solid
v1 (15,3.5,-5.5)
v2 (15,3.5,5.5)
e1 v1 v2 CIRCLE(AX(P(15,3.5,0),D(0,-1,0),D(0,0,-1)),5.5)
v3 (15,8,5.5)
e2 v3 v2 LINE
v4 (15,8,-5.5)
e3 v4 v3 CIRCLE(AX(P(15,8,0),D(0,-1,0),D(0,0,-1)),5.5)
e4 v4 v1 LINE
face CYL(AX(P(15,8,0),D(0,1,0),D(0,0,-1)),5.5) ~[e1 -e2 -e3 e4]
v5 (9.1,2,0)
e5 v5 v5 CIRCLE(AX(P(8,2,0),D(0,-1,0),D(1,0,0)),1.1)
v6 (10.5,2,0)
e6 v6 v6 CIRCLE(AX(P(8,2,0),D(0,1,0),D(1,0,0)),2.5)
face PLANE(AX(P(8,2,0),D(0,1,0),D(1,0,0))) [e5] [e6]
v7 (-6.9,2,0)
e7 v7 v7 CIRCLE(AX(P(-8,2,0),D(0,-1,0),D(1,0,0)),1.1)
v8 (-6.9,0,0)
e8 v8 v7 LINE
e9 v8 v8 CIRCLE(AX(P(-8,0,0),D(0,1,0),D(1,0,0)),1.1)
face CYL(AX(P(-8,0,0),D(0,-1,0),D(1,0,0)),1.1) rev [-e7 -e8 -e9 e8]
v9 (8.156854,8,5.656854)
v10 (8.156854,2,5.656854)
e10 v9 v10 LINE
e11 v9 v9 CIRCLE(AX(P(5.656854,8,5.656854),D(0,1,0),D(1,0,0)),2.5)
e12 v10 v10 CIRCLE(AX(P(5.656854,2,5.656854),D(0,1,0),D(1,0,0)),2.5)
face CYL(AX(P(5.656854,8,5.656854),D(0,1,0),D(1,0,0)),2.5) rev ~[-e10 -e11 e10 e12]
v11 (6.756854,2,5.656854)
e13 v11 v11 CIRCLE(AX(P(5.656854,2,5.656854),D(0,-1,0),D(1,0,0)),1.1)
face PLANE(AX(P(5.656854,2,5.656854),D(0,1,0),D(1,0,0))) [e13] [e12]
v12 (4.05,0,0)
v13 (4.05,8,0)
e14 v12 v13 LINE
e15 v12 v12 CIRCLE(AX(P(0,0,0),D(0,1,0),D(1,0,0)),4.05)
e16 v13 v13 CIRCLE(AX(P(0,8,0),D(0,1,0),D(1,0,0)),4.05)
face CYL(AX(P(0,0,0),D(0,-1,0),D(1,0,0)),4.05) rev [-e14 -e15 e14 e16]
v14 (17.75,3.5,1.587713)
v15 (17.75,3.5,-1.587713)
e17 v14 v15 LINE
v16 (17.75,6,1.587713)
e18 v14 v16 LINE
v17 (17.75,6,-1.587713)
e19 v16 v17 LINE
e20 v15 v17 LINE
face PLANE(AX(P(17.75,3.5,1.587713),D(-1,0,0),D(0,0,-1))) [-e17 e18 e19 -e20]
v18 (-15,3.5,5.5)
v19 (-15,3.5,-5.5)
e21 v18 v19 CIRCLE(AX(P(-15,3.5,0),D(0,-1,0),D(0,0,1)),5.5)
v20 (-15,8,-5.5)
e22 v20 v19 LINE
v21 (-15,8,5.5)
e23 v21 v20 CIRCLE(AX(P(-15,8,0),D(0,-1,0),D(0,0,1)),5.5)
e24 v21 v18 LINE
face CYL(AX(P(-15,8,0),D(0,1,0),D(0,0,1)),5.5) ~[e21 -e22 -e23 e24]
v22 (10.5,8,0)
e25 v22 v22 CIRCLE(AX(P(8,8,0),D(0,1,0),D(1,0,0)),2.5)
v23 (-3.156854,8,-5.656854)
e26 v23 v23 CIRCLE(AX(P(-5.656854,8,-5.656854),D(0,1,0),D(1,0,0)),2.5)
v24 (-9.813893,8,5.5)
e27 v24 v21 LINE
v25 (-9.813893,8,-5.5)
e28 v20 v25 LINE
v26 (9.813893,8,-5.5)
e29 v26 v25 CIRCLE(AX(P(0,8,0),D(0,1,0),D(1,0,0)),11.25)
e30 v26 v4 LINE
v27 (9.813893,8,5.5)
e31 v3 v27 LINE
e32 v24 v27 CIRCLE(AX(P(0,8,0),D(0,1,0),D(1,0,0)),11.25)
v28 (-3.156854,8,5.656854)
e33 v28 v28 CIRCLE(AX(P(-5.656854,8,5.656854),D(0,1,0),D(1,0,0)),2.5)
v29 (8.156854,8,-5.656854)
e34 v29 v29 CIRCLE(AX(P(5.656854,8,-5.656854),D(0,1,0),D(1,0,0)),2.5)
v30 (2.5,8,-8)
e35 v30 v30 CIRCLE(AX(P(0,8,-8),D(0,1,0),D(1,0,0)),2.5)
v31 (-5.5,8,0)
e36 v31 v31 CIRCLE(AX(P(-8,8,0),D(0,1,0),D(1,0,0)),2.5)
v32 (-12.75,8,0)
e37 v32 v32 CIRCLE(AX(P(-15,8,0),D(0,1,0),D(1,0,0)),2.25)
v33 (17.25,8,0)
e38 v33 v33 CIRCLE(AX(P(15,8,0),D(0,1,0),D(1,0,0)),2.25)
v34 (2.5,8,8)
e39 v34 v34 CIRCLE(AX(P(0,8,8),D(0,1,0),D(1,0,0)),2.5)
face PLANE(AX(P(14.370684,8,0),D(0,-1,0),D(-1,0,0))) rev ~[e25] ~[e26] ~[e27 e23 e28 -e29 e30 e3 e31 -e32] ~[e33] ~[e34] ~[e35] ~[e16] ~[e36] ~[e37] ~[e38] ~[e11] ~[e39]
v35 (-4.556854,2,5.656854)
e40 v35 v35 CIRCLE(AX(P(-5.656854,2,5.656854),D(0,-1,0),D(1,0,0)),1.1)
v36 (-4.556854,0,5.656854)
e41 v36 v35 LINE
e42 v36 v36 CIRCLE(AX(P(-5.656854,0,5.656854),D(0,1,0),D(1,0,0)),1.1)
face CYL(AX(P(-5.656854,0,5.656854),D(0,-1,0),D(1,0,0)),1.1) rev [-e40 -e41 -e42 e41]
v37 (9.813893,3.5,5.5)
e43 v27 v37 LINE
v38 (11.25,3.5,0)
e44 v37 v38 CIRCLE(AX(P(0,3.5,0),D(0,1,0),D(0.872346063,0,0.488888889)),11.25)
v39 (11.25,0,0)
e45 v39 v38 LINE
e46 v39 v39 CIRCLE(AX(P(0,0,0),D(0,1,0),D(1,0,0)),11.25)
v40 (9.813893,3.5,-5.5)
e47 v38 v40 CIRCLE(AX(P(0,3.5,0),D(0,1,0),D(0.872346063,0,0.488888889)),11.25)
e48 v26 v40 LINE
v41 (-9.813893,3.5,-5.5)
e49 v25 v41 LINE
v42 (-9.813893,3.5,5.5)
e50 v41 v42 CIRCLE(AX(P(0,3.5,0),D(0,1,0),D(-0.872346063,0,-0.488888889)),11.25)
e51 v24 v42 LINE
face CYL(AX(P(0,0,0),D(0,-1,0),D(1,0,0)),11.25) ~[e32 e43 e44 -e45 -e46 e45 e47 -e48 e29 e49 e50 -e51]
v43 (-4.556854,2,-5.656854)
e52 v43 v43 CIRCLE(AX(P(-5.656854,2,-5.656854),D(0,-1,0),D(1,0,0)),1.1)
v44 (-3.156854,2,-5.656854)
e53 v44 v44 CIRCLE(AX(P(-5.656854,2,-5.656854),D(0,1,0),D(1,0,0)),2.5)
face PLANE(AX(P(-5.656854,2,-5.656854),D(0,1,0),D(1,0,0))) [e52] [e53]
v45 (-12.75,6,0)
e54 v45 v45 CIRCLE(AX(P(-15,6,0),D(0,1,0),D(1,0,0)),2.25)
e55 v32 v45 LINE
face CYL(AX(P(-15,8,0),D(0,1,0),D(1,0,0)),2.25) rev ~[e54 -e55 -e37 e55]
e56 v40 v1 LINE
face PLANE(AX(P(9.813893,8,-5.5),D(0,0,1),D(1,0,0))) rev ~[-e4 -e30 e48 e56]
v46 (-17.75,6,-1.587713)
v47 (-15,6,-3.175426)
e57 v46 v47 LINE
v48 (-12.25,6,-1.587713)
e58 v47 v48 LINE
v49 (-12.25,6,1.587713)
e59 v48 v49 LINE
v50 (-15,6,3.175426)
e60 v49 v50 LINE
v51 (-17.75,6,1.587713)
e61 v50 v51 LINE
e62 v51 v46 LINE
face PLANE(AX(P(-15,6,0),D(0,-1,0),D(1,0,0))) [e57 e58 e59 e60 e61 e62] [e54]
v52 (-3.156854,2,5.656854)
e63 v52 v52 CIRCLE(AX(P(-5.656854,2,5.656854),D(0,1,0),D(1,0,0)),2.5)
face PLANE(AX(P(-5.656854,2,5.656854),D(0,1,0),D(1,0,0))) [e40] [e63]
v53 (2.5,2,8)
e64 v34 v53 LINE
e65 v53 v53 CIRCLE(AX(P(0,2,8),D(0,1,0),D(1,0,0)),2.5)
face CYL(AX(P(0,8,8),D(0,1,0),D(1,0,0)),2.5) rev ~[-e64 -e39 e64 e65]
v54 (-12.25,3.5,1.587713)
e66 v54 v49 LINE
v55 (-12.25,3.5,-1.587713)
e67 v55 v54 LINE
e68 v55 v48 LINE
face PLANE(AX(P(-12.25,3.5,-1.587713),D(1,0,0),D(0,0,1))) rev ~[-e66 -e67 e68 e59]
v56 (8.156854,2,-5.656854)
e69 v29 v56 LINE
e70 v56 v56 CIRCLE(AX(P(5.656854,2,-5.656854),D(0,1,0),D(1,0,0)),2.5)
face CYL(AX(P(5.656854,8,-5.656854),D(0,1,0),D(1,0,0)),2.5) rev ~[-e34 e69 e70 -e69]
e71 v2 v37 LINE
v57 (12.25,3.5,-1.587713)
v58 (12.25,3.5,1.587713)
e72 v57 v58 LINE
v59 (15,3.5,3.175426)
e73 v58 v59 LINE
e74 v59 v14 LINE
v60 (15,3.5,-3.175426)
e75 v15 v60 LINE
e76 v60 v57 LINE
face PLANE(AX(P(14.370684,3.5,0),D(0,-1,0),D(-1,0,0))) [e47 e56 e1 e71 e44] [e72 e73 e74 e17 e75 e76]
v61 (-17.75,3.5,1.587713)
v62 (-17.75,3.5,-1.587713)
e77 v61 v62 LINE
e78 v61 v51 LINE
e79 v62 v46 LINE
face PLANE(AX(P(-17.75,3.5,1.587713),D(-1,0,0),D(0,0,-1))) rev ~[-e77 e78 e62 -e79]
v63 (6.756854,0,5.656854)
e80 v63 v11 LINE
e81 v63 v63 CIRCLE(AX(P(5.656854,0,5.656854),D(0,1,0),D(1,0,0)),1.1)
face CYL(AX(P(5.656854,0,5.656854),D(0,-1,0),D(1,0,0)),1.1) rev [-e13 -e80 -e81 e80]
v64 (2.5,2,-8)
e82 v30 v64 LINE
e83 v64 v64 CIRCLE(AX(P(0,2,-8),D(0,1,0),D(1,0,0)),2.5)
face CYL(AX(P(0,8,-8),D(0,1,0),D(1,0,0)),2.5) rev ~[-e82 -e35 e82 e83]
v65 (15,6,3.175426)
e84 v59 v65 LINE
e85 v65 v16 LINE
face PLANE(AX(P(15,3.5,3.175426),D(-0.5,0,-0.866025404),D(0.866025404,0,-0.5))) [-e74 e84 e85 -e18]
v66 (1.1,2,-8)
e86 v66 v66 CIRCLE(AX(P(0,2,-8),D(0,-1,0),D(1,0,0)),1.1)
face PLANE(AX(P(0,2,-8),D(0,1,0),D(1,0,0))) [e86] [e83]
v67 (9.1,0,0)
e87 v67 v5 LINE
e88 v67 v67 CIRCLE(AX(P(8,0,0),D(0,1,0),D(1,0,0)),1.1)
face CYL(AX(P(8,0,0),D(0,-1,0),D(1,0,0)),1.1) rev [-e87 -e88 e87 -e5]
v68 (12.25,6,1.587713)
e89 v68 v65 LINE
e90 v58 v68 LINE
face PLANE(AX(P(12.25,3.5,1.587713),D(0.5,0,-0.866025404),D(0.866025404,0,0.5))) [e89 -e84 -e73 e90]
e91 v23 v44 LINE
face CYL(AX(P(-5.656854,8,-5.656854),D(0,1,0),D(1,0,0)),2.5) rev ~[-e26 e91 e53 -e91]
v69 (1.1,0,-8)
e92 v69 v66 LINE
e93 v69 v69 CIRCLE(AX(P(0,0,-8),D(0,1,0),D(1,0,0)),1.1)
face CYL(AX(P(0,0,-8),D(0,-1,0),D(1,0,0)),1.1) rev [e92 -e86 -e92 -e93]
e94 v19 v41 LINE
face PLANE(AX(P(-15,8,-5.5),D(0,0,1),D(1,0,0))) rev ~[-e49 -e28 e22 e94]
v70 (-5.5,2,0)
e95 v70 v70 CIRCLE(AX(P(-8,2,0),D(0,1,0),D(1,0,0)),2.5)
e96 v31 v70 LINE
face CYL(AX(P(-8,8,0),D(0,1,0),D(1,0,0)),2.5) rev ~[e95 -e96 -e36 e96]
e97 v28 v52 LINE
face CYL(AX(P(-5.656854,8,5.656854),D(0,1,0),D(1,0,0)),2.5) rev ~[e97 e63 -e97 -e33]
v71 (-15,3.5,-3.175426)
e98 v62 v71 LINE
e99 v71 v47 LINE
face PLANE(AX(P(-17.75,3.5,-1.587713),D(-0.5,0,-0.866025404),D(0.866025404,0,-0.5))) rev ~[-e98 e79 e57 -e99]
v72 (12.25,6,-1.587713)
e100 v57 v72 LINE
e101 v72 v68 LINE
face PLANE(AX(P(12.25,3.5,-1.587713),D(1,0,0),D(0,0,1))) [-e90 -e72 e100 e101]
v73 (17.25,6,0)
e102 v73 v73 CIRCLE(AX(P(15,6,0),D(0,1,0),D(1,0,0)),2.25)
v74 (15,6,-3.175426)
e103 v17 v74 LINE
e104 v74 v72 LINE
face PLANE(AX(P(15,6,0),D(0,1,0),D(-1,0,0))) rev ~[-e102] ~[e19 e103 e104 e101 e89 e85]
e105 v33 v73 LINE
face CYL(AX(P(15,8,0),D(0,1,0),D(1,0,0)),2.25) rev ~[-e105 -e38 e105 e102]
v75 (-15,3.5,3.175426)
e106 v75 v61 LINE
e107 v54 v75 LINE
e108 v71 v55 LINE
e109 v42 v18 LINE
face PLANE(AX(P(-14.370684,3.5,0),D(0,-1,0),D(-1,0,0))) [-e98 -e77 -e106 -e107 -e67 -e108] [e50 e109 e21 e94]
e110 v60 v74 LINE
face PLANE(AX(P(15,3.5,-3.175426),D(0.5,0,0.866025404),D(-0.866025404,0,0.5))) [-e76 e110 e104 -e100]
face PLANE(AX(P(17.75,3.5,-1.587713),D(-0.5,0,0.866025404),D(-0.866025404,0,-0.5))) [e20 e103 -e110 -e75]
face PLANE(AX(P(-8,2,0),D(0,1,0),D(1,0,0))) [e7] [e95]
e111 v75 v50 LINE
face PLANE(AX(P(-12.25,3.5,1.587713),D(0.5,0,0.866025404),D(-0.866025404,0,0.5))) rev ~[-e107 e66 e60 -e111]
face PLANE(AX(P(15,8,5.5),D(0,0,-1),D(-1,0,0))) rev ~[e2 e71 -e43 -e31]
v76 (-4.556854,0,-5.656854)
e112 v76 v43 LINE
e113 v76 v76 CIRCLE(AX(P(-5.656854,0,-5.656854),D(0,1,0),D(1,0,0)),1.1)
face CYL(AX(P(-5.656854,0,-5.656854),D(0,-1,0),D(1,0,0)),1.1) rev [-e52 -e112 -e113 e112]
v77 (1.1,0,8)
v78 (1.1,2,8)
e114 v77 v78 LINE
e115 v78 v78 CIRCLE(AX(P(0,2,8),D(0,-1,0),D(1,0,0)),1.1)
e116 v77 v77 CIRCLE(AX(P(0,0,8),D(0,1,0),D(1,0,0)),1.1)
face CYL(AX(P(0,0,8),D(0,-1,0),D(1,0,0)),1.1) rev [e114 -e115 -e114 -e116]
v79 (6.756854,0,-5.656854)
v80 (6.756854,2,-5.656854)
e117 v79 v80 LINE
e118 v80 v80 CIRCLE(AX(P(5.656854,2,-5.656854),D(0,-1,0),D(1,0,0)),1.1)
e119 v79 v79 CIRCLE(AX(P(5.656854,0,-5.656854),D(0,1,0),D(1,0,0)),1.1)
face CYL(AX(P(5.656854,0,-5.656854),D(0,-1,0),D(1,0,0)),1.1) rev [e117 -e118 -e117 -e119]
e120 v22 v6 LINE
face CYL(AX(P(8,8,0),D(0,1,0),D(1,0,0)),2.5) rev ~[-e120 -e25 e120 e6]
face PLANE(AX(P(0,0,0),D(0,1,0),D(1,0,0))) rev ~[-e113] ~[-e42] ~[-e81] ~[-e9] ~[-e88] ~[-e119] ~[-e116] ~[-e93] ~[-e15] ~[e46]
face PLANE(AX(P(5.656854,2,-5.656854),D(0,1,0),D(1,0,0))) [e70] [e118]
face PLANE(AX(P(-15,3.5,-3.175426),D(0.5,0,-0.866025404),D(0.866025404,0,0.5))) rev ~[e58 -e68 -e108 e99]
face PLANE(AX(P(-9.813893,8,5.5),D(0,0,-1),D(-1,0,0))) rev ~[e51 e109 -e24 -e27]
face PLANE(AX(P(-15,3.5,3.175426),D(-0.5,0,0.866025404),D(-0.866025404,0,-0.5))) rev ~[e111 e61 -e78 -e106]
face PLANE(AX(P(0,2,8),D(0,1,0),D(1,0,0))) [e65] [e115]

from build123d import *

# Parameters (mm, degrees)
SKETCH1_R           = 11.25
SKETCH1_R_2         = 1.1
SKETCH1_R_3         = 4.05
BOSS_EXTRUDE1_DEPTH = 8
SKETCH2_R           = 2.5
CUT_EXTRUDE1_DEPTH  = 6
SKETCH3_R           = 2.25
BOSS_EXTRUDE2_DEPTH = 4.5
CUT_EXTRUDE2_DEPTH  = 2.5


with BuildPart() as part:
    # Sketch1 → Boss-Extrude1 (new body)
    with BuildSketch(Plane(origin=(0, 0, 0), x_dir=(1, 0, 0), z_dir=(0, 1, 0))):
        Circle(SKETCH1_R)
        with Locations((0, 8)):
            Circle(SKETCH1_R_2, mode=Mode.SUBTRACT)
        with Locations((5.656854249, 5.656854249)):
            Circle(SKETCH1_R_2, mode=Mode.SUBTRACT)
        with Locations((8, 0)):
            Circle(SKETCH1_R_2, mode=Mode.SUBTRACT)
        with Locations((5.656854249, -5.656854249)):
            Circle(SKETCH1_R_2, mode=Mode.SUBTRACT)
        with Locations((0, -8)):
            Circle(SKETCH1_R_2, mode=Mode.SUBTRACT)
        with Locations((-5.656854249, -5.656854249)):
            Circle(SKETCH1_R_2, mode=Mode.SUBTRACT)
        with Locations((-8, 0)):
            Circle(SKETCH1_R_2, mode=Mode.SUBTRACT)
        with Locations((-5.656854249, 5.656854249)):
            Circle(SKETCH1_R_2, mode=Mode.SUBTRACT)
        Circle(SKETCH1_R_3, mode=Mode.SUBTRACT)
    extrude(amount=BOSS_EXTRUDE1_DEPTH)

    # Sketch2 → Cut-Extrude1 (cut)
    with BuildSketch(Plane(origin=(0, 8, 0), x_dir=(1, 0, 0), z_dir=(0, 1, 0))):
        with Locations((0, 8)):
            Circle(SKETCH2_R)
        with Locations((5.656854249, 5.656854249)):
            Circle(SKETCH2_R)
        with Locations((8, 0)):
            Circle(SKETCH2_R)
        with Locations((5.656854249, -5.656854249)):
            Circle(SKETCH2_R)
        with Locations((0, -8)):
            Circle(SKETCH2_R)
        with Locations((-5.656854249, -5.656854249)):
            Circle(SKETCH2_R)
        with Locations((-8, 0)):
            Circle(SKETCH2_R)
        with Locations((-5.656854249, 5.656854249)):
            Circle(SKETCH2_R)
    extrude(amount=-CUT_EXTRUDE1_DEPTH, mode=Mode.SUBTRACT)

    # Sketch3 → Boss-Extrude2 (add)
    with BuildSketch(Plane(origin=(0, 8, 0), x_dir=(1, 0, 0), z_dir=(0, 1, 0))):
        with BuildLine():
            Line((-15, 5.5), (-9.813893213, 5.5))
            ThreePointArc((-9.813893213, 5.5), (-11.25, 0), (-9.813893213, -5.5))
            Line((-9.813893213, -5.5), (-15, -5.5))
            ThreePointArc((-15, -5.5), (-20.5, 0), (-15, 5.5))
        make_face()
        with Locations((-15, 0)):
            Circle(SKETCH3_R, mode=Mode.SUBTRACT)
        with BuildLine():
            Line((9.813893213, 5.5), (15, 5.5))
            ThreePointArc((15, 5.5), (20.5, 0), (15, -5.5))
            Line((15, -5.5), (9.813893213, -5.5))
            ThreePointArc((9.813893213, -5.5), (11.25, 0), (9.813893213, 5.5))
        make_face()
        with Locations((15, 0)):
            Circle(SKETCH3_R, mode=Mode.SUBTRACT)
    extrude(amount=-BOSS_EXTRUDE2_DEPTH)

    # Sketch4 → Cut-Extrude2 (cut)
    with BuildSketch(Plane.XZ.offset(-3.5)):
        Polygon((-15, 3.175426481), (-17.75, 1.58771324), (-17.75, -1.58771324), (-15, -3.175426481), (-12.25, -1.58771324), (-12.25, 1.58771324), align=None)
        Polygon((12.25, 1.58771324), (15, 3.175426481), (17.75, 1.58771324), (17.75, -1.58771324), (15, -3.175426481), (12.25, -1.58771324), align=None)
    extrude(amount=-CUT_EXTRUDE2_DEPTH, mode=Mode.SUBTRACT)


solid = part.part
